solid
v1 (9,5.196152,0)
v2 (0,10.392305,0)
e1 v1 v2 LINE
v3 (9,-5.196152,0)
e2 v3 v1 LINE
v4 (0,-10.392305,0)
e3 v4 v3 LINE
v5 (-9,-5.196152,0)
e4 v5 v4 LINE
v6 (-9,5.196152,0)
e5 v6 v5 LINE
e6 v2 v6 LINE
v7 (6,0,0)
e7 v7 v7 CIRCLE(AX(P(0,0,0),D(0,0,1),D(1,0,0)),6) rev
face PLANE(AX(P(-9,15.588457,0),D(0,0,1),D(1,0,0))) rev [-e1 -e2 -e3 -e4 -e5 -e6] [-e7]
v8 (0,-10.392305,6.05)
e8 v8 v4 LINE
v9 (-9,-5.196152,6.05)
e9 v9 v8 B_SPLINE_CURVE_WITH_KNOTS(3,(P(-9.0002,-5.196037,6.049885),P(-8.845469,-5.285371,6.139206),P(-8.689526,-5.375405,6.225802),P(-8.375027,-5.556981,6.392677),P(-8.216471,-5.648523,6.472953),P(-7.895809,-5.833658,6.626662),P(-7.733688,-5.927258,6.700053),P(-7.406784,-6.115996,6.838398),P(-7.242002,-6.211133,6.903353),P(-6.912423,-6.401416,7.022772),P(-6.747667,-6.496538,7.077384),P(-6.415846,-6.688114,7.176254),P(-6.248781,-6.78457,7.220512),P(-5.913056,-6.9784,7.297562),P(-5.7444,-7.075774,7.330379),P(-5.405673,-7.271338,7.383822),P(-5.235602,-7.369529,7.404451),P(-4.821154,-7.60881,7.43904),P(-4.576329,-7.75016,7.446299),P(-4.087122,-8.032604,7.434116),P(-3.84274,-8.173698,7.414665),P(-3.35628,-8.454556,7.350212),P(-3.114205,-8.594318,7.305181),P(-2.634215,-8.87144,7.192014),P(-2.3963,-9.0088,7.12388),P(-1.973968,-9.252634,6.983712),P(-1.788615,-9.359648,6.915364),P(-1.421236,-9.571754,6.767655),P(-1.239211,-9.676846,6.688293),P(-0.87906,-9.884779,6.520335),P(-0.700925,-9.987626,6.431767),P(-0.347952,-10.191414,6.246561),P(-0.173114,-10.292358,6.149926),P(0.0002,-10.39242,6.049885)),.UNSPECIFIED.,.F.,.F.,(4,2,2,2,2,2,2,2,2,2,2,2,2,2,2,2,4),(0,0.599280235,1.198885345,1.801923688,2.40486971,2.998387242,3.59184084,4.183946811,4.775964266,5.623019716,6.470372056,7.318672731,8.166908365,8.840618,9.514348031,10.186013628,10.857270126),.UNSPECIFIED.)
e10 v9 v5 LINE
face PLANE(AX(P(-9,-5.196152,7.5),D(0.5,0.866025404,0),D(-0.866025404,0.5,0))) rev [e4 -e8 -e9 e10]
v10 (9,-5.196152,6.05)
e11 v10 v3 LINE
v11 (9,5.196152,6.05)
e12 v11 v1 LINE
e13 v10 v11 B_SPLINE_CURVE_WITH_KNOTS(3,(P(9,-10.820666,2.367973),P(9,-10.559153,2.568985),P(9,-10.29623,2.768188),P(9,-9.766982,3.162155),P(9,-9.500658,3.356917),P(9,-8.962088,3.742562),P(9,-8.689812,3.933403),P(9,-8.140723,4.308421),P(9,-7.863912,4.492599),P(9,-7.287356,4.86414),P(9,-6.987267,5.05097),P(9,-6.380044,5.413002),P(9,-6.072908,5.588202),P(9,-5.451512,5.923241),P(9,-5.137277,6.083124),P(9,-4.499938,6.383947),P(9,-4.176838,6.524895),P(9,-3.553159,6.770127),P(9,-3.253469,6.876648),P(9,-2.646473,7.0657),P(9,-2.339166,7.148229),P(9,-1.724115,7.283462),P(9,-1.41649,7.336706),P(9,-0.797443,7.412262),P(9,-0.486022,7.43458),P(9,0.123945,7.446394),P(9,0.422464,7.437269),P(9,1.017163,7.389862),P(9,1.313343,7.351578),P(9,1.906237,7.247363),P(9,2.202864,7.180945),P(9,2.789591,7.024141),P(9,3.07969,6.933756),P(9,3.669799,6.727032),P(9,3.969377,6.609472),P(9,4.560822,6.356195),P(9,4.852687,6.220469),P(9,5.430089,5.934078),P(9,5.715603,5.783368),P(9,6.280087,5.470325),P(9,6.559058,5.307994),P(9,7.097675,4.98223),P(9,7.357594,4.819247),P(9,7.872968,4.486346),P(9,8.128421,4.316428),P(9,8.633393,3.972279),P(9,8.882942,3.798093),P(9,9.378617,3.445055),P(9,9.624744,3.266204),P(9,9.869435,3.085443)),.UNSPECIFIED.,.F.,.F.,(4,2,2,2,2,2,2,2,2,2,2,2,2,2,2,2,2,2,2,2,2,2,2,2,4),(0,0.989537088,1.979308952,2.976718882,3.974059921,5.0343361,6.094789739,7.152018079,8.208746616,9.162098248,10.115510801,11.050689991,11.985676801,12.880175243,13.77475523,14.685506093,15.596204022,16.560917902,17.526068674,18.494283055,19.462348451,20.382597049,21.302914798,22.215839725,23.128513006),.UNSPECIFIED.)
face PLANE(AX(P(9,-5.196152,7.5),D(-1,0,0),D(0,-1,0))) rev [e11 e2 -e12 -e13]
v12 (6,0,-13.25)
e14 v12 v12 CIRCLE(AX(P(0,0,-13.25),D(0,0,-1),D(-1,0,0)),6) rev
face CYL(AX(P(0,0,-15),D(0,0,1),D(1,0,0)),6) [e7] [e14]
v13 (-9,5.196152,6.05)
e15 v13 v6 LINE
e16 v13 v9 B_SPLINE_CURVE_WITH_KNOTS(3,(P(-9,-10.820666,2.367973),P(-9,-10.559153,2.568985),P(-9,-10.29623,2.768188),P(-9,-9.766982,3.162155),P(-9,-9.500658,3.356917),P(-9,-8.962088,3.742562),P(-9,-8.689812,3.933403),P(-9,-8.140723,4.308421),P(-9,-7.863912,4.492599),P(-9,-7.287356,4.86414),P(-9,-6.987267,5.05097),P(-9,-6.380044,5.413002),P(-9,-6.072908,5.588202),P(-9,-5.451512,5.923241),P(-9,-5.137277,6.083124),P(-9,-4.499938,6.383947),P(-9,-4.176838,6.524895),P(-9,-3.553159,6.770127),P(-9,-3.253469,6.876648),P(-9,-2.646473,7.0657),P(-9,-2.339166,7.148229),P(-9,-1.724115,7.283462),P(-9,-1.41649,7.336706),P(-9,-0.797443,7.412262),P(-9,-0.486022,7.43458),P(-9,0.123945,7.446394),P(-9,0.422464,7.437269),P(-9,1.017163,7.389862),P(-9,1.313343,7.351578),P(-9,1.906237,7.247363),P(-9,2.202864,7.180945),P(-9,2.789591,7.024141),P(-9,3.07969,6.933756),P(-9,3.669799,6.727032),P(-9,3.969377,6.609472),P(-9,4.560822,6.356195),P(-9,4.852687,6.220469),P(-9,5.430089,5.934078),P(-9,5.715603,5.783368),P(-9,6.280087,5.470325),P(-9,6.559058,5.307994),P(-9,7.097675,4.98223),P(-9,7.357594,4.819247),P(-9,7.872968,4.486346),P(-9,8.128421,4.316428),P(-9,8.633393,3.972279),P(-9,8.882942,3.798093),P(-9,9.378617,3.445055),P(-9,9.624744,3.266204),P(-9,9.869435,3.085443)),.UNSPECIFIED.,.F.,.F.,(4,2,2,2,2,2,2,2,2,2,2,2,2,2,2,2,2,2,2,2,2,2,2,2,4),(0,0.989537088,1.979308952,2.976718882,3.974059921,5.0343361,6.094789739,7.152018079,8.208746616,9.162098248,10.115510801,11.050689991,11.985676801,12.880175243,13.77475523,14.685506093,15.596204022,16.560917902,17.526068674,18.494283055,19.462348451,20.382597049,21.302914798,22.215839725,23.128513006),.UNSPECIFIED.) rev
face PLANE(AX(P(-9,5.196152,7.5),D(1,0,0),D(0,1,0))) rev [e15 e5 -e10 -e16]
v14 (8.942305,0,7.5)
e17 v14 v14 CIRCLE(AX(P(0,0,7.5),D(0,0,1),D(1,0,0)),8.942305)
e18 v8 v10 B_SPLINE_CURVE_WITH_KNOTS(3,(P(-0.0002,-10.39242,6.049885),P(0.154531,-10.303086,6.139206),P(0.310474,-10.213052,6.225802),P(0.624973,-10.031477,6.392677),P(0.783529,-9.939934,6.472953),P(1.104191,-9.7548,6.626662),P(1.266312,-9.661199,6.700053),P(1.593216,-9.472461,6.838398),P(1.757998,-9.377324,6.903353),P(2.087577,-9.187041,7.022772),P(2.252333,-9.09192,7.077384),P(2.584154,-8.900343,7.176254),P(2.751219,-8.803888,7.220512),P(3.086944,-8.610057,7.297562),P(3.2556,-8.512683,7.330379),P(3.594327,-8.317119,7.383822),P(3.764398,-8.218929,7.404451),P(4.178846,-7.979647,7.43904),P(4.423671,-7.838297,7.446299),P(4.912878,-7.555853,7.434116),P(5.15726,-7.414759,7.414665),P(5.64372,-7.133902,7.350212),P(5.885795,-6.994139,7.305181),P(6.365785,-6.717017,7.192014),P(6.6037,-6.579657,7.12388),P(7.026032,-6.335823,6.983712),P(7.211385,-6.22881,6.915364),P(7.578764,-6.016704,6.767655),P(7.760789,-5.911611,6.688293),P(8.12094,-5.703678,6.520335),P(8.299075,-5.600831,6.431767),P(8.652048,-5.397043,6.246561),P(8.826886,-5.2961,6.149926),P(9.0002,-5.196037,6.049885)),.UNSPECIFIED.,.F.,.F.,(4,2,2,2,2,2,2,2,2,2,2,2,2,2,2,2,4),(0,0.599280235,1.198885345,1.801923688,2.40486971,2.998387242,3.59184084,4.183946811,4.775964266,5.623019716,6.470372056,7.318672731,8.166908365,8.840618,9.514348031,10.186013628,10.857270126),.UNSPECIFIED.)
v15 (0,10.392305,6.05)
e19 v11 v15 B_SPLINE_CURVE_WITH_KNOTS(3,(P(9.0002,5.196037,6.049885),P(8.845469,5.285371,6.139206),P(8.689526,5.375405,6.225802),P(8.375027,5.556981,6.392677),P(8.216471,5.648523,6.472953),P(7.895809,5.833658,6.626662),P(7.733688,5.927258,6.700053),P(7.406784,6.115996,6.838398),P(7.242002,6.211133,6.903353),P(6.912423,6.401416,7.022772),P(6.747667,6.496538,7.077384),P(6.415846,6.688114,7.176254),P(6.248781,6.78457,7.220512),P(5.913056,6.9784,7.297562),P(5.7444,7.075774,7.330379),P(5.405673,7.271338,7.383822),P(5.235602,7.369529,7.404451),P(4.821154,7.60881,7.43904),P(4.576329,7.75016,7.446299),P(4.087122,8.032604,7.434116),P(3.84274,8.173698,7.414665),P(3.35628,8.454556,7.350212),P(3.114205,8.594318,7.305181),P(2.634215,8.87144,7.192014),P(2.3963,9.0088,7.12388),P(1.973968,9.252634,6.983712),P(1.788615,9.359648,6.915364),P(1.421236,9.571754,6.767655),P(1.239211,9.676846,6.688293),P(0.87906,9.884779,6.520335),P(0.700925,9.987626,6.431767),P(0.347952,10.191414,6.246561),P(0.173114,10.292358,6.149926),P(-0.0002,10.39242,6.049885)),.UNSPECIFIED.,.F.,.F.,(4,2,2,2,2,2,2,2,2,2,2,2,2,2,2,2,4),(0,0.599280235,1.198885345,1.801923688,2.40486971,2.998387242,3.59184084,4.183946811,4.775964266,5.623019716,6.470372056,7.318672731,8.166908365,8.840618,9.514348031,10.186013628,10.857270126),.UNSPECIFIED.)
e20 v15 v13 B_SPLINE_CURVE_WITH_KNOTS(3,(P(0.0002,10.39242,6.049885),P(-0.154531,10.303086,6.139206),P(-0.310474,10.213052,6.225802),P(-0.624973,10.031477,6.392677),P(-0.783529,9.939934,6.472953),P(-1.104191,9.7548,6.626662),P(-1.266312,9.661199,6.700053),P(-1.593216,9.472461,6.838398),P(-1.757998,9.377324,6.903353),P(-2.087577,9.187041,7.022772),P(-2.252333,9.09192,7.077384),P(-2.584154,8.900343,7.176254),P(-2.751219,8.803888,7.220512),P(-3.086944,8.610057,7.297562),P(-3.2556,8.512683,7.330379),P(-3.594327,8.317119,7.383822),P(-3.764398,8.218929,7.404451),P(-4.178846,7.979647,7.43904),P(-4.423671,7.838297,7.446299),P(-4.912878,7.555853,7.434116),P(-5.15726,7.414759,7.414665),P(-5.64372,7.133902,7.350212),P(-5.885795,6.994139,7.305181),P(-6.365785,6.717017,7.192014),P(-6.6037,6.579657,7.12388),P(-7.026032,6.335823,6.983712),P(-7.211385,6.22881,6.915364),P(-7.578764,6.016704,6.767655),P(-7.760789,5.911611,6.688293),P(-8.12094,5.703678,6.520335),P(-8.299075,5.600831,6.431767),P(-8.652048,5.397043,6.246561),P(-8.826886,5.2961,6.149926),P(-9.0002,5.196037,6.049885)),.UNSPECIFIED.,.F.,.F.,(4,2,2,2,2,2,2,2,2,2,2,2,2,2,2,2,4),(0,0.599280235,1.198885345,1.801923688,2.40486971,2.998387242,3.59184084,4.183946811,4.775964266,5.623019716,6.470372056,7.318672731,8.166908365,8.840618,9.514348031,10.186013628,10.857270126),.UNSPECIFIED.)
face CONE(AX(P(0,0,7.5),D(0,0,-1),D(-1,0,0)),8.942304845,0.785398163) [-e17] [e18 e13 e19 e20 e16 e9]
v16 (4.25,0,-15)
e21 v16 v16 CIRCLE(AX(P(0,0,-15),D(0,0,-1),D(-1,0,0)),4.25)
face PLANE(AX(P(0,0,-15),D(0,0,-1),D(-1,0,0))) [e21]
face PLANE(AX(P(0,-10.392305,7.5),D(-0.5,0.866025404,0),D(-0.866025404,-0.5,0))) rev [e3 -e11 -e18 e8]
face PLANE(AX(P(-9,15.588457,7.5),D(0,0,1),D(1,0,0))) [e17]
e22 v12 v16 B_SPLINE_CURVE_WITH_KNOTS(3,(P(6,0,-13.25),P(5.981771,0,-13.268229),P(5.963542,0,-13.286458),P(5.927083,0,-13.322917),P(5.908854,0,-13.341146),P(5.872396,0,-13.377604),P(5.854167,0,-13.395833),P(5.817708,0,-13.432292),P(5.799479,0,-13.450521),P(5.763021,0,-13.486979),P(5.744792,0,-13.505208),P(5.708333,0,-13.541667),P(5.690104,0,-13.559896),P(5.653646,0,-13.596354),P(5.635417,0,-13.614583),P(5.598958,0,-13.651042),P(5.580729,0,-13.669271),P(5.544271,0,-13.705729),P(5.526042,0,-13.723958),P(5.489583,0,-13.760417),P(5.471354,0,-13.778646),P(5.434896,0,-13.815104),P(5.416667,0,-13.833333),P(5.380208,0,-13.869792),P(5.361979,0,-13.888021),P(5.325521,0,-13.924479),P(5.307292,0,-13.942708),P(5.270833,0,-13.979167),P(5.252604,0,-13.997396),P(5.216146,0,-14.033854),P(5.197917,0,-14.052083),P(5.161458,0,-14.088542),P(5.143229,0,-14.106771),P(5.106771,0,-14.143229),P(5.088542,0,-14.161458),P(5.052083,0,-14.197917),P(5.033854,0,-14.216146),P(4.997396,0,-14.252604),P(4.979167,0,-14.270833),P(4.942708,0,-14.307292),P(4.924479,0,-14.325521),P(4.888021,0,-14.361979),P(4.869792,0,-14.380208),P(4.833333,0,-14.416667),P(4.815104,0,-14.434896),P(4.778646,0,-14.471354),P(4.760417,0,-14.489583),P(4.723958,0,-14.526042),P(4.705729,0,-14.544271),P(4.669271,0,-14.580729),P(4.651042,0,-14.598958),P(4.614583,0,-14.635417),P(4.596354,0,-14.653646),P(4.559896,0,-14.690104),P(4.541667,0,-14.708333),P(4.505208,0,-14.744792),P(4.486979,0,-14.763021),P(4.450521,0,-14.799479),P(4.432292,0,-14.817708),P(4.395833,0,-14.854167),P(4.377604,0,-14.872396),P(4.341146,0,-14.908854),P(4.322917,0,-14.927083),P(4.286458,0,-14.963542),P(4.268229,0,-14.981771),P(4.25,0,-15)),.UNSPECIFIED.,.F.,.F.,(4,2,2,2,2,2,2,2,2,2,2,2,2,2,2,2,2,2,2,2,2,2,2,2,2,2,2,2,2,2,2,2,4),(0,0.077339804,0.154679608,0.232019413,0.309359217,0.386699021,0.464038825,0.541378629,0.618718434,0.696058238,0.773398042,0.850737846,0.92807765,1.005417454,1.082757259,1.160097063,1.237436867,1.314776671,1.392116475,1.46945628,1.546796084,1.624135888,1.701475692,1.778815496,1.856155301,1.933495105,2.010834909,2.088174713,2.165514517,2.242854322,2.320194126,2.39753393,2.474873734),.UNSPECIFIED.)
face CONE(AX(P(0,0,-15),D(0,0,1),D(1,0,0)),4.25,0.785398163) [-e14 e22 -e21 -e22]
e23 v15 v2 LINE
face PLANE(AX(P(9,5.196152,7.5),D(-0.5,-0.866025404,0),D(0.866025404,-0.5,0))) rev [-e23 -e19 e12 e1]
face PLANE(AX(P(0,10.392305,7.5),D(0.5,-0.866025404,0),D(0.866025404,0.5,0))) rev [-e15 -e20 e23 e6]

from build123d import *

# Parameters (mm, degrees)
EXTRUDE_1_DEPTH = 7.5
SKETCH_2_R      = 6
EXTRUDE_2_DEPTH = 15
CHAMFER_1_SIZE  = 1.75


with BuildPart() as part:
    # Эскиз1 → Вытянуть1 (new body)
    with BuildSketch(Plane.XY):
        Polygon((0, 10.392304845), (-9, 5.196152423), (-9, -5.196152423), (0, -10.392304845), (9, -5.196152423), (9, 5.196152423), align=None)
    extrude(amount=EXTRUDE_1_DEPTH)

    # Эскиз2 → Вытянуть2 (add)
    with BuildSketch(Plane(origin=(0, 0, 0), x_dir=(-1, 0, 0), z_dir=(0, 0, -1))):
        with Locations(Location((0, 0, 0), (0, 0, 180))):
            Circle(SKETCH_2_R)
    extrude(amount=EXTRUDE_2_DEPTH)

    # Эскиз15 → Вырез-Повернуть1 (revolve, cut)
    with BuildSketch(Plane(origin=(0, 0, 0), x_dir=(0, 0, -1), z_dir=(1, 0, 0)), mode=Mode.PRIVATE) as cut_revolve_1_sk:
        Polygon((-7.5, 10.392304845), (-7.5, 8.942304845), (-6.05, 10.392304845), align=None)
    revolve(cut_revolve_1_sk.sketch.rotate(Axis((0, 0, -2.534703431), (0, 0, -1)), 300.000000053), axis=Axis((0, 0, -2.534703431), (0, 0, -1)), mode=Mode.SUBTRACT)

    # Фаска1
    chamfer_1_edges = [part.edges().sort_by_distance(p)[0] for p in [
        (-6, 0, -15),
    ]]
    chamfer(chamfer_1_edges, length=CHAMFER_1_SIZE)


solid = part.part
